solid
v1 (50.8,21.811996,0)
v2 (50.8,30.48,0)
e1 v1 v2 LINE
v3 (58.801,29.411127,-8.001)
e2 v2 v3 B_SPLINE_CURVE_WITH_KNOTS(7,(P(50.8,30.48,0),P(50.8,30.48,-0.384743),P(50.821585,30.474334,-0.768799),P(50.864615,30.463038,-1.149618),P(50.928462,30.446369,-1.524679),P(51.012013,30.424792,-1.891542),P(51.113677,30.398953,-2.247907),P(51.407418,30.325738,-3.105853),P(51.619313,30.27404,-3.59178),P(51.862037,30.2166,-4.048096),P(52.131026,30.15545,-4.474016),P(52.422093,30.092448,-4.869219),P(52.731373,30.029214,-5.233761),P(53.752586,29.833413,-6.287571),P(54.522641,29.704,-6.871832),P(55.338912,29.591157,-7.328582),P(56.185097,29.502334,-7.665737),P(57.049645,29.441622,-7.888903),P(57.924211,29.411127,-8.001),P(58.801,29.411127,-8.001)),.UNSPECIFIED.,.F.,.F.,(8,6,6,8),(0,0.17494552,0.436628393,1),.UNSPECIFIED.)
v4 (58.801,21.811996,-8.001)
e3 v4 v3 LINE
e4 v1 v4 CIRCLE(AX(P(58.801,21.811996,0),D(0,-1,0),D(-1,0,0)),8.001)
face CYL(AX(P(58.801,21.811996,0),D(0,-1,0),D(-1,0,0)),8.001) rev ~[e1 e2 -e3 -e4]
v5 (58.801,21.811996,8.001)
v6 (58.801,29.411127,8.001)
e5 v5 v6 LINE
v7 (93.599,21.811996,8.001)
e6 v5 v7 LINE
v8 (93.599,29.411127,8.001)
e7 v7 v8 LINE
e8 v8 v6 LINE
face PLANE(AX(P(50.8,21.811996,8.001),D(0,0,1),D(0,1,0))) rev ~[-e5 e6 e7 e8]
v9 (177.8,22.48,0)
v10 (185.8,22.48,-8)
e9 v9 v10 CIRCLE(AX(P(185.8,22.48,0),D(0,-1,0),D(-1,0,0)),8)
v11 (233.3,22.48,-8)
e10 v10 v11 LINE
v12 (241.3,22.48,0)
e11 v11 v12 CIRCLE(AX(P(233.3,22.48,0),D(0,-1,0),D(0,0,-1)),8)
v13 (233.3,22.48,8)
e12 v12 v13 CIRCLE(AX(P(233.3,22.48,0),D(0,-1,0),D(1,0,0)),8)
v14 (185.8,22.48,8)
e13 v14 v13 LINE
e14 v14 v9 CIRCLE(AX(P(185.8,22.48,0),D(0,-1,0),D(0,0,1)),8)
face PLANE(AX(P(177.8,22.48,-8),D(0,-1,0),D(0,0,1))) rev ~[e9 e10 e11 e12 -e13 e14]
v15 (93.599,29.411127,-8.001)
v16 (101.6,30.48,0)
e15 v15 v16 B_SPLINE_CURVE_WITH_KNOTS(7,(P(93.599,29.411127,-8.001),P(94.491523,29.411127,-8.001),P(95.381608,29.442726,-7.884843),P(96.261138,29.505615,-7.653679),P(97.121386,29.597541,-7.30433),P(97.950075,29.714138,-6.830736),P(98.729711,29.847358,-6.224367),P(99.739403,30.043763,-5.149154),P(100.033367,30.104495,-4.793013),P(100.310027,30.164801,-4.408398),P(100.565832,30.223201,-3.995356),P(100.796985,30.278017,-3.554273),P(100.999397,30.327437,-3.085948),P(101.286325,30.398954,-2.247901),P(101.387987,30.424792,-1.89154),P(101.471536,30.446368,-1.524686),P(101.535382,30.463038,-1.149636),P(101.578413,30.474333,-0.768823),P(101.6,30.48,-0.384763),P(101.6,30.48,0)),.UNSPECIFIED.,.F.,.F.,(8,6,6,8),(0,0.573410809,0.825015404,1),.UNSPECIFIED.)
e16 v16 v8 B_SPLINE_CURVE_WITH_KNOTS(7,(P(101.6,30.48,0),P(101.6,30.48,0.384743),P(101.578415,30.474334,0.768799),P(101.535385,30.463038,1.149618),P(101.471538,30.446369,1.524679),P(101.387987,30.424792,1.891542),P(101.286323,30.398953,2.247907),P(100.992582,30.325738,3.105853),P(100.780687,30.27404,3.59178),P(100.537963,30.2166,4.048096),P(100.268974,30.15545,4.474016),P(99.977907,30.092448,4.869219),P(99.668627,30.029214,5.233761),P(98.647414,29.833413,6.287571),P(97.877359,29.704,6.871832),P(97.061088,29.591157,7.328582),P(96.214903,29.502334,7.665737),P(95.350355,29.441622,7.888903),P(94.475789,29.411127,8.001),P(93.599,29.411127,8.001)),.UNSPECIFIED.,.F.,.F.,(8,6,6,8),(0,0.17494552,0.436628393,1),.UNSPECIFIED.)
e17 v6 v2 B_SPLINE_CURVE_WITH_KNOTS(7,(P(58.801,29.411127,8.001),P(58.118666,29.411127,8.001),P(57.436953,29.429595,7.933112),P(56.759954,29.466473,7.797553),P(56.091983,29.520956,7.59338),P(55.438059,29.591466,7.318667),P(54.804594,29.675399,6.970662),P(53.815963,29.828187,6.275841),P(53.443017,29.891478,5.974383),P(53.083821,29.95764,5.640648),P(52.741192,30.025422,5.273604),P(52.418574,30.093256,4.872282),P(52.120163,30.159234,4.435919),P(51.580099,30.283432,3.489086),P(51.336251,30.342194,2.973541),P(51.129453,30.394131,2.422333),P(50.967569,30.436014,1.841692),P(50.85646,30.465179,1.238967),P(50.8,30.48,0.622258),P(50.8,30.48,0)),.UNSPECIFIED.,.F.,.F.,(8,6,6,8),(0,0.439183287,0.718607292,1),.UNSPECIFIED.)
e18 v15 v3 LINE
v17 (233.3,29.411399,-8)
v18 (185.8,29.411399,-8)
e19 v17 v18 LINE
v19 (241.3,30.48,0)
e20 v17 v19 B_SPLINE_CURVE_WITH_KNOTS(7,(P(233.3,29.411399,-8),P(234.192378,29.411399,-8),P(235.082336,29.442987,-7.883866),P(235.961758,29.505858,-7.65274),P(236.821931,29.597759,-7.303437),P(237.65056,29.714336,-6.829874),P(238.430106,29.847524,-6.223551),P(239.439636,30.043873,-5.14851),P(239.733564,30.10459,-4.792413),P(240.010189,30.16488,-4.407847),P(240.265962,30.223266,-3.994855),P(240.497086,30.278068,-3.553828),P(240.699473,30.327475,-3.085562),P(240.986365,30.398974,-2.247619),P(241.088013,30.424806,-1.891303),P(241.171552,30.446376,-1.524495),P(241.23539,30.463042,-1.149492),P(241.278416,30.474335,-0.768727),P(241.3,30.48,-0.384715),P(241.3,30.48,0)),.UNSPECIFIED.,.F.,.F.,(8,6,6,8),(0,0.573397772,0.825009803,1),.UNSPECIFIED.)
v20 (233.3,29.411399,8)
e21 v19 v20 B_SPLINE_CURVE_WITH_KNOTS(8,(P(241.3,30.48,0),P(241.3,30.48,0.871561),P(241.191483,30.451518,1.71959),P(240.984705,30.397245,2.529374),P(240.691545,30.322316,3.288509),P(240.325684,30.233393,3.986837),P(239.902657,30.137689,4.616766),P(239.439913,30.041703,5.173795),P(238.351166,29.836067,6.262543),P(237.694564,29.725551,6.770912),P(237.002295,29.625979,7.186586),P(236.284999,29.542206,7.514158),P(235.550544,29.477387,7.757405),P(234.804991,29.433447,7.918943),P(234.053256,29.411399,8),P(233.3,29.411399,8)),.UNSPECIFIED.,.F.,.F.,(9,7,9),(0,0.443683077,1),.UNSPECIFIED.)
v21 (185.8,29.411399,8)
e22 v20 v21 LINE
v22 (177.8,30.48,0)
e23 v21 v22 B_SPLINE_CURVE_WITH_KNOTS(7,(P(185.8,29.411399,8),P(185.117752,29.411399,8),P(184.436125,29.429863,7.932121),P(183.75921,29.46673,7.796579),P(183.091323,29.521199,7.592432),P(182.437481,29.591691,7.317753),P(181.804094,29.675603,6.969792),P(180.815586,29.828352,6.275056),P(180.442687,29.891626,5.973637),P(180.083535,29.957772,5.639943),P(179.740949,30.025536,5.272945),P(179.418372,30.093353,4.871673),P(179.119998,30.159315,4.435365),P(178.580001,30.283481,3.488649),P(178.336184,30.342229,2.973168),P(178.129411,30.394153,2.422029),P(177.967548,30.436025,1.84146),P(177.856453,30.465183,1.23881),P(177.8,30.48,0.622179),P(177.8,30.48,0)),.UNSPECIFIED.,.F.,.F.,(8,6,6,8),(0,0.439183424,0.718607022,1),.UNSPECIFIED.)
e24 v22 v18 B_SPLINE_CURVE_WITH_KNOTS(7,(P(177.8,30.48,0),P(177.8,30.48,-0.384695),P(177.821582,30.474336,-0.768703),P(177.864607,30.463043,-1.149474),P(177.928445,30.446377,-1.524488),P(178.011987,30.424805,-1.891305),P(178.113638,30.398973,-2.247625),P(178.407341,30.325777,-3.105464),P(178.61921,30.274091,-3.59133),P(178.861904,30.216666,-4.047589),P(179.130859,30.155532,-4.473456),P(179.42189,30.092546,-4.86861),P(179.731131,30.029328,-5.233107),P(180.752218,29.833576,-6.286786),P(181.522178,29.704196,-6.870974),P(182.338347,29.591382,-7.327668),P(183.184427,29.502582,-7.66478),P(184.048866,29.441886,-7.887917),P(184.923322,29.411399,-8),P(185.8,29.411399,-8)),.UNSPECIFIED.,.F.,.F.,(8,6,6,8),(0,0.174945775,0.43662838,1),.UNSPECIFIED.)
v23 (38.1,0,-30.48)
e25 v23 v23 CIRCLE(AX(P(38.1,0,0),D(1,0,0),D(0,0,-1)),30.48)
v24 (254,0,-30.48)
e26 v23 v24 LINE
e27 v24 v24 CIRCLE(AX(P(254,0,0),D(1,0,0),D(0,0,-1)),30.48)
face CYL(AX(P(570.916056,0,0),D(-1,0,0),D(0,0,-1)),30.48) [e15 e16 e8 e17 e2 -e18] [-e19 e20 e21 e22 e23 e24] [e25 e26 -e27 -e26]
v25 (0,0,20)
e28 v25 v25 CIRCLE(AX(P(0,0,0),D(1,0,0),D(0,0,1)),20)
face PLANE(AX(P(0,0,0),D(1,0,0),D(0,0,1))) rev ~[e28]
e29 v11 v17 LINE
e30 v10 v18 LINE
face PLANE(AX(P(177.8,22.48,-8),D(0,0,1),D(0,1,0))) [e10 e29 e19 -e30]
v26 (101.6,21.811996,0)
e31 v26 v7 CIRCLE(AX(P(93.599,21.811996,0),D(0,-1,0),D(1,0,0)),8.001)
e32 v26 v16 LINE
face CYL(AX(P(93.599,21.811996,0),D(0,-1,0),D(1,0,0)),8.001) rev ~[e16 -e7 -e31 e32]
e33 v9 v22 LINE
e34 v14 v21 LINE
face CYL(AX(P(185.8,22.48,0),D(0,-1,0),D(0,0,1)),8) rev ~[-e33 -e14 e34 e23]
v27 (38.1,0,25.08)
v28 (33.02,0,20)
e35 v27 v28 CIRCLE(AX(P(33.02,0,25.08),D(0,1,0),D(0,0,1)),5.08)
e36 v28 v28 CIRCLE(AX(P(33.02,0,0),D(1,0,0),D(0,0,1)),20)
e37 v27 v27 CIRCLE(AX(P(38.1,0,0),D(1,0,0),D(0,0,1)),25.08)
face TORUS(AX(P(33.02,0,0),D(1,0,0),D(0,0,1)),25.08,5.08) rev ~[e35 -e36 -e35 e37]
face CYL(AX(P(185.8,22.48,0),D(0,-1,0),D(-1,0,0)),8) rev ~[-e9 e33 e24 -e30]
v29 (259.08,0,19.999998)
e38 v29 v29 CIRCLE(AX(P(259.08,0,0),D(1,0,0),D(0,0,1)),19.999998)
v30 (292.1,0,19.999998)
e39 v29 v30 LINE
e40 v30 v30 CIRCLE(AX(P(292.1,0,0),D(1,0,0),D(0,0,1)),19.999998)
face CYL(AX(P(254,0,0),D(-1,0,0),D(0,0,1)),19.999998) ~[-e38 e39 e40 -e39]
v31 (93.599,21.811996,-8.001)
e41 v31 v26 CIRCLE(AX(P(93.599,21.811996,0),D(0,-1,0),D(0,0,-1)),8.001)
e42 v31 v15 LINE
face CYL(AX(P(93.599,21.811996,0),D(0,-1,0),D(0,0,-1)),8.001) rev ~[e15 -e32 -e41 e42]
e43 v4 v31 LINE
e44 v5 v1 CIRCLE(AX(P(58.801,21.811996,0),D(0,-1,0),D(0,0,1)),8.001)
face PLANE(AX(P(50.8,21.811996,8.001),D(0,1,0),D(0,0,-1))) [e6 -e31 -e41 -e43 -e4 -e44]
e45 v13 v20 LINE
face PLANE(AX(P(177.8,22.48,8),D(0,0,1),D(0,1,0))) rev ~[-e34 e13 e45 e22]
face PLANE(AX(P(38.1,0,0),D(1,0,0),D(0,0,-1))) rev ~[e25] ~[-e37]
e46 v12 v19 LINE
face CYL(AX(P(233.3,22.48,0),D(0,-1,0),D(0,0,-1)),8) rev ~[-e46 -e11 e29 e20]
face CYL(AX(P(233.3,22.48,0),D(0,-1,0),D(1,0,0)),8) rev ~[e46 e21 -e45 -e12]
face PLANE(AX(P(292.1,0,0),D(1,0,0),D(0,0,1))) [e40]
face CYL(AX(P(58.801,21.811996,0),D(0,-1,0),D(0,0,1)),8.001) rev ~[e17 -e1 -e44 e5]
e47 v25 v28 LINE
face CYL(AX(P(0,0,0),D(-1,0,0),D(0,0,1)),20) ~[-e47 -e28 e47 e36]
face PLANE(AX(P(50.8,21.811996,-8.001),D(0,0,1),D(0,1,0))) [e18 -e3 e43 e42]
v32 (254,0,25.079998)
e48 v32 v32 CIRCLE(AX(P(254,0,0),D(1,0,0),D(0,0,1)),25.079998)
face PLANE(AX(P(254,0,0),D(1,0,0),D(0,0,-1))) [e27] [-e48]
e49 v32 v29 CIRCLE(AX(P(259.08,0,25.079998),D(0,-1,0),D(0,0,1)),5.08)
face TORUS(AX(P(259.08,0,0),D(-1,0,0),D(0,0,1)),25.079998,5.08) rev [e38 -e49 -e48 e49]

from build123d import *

# Parameters (mm, degrees)
SKETCH1_R                = 20
BOSS_EXTRUDE1_DEPTH      = 38.1
SKETCH2_R                = 30.48
BOSS_EXTRUDE2_DEPTH      = 215.9
SKETCH3_R                = 19.9999981
BOSS_EXTRUDE3_DEPTH      = 38.1
FILLET1_R                = 5.08
SKETCH6_W                = 16.002
SKETCH6_H                = 16.002
CUT_EXTRUDE1_DEPTH       = 50.8
SKETCH7_W                = 16
SKETCH7_H                = 16
CUT_EXTRUDE2_DEPTH       = 63.5
BOSS_EXTRUDE4_REACH      = 300.305
BOSS_EXTRUDE4_END_RADIUS = 30.48
BOSS_EXTRUDE5_REACH      = 300.423
BOSS_EXTRUDE5_END_RADIUS = 30.48


with BuildPart() as part:
    # Sketch1 → Boss-Extrude1 (new body)
    with BuildSketch(Plane(origin=(0, 0, 0), x_dir=(0, 0, -1), z_dir=(1, 0, 0))):
        with Locations(Location((0, 0, 0), (0, 0, 180))):
            Circle(SKETCH1_R)
    extrude(amount=BOSS_EXTRUDE1_DEPTH)

    # Sketch2 → Boss-Extrude2 (add)
    with BuildSketch(Plane(origin=(38.1, 0, 0), x_dir=(0, 0, -1), z_dir=(1, 0, 0))):
        Circle(SKETCH2_R)
    extrude(amount=BOSS_EXTRUDE2_DEPTH)

    # Sketch3 → Boss-Extrude3 (add)
    with BuildSketch(Plane(origin=(254, 0, 0), x_dir=(0, 0, -1), z_dir=(1, 0, 0))):
        with Locations(Location((0, 0, 0), (0, 0, 180))):
            Circle(SKETCH3_R)
    extrude(amount=BOSS_EXTRUDE3_DEPTH)

    # Fillet1
    fillet1_edges = [part.edges().sort_by_distance(p)[0] for p in [
        (38.1, 0, -20),
        (254, 0, -19.9999981),
    ]]
    fillet(fillet1_edges, radius=FILLET1_R)

    # Sketch6 → Cut-Extrude1 (cut)
    with BuildSketch(Plane(origin=(50.8, 0, 0), x_dir=(0, 0, -1), z_dir=(1, 0, 0))):
        with Locations((0, 29.812996)):
            Rectangle(SKETCH6_W, SKETCH6_H)
    extrude(amount=CUT_EXTRUDE1_DEPTH, mode=Mode.SUBTRACT)

    # Sketch7 → Cut-Extrude2 (cut)
    with BuildSketch(Plane.ZY.offset(-177.8)):
        with Locations((0, 30.48)):
            Rectangle(SKETCH7_W, SKETCH7_H)
    extrude(amount=-CUT_EXTRUDE2_DEPTH, mode=Mode.SUBTRACT)

    # Boss-Extrude4: up to this cylinder (the profile starts inside it)
    boss_extrude4_end = Plane(origin=(76.2, 0, 0), z_dir=(-1, 0, 0)) * Cylinder(BOSS_EXTRUDE4_END_RADIUS, 709.795666, mode=Mode.PRIVATE)
    # Sketch8 → Boss-Extrude4 (add, up to the surface)
    with BuildSketch(Plane(origin=(0, 21.811996, 0), x_dir=(1, 0, 0), z_dir=(0, 1, 0)), mode=Mode.PRIVATE) as boss_extrude4_sk1:
        with BuildLine():
            Line((58.801, 8.001), (50.8, 8.001))
            Line((50.8, 8.001), (50.8, 0))
            ThreePointArc((50.8, 0), (53.143438644, 5.657561356), (58.801, 8.001))
        make_face()
    boss_extrude4_tool1 = extrude(boss_extrude4_sk1.sketch, amount=BOSS_EXTRUDE4_REACH, mode=Mode.PRIVATE) & boss_extrude4_end
    add(boss_extrude4_tool1.solids().sort_by_distance((52.587167, 21.811996, -6.213833))[0])
    # Sketch8 → Boss-Extrude4 (add, up to the surface)
    with BuildSketch(Plane(origin=(0, 21.811996, 0), x_dir=(1, 0, 0), z_dir=(0, 1, 0)), mode=Mode.PRIVATE) as boss_extrude4_sk2:
        with BuildLine():
            ThreePointArc((58.801, -8.001), (53.143438644, -5.657561356), (50.8, 0))
            Line((50.8, 0), (50.8, -8.001))
            Line((50.8, -8.001), (58.801, -8.001))
        make_face()
    boss_extrude4_tool2 = extrude(boss_extrude4_sk2.sketch, amount=BOSS_EXTRUDE4_REACH, mode=Mode.PRIVATE) & boss_extrude4_end
    add(boss_extrude4_tool2.solids().sort_by_distance((52.587167, 21.811996, 6.213833))[0])
    # Sketch8 → Boss-Extrude4 (add, up to the surface)
    with BuildSketch(Plane(origin=(0, 21.811996, 0), x_dir=(1, 0, 0), z_dir=(0, 1, 0)), mode=Mode.PRIVATE) as boss_extrude4_sk3:
        with BuildLine():
            ThreePointArc((101.6, 0), (99.256561356, -5.657561356), (93.599, -8.001))
            Line((93.599, -8.001), (101.6, -8.001))
            Line((101.6, -8.001), (101.6, 0))
        make_face()
    boss_extrude4_tool3 = extrude(boss_extrude4_sk3.sketch, amount=BOSS_EXTRUDE4_REACH, mode=Mode.PRIVATE) & boss_extrude4_end
    add(boss_extrude4_tool3.solids().sort_by_distance((99.812833, 21.811996, 6.213833))[0])
    # Sketch8 → Boss-Extrude4 (add, up to the surface)
    with BuildSketch(Plane(origin=(0, 21.811996, 0), x_dir=(1, 0, 0), z_dir=(0, 1, 0)), mode=Mode.PRIVATE) as boss_extrude4_sk4:
        with BuildLine():
            Line((101.6, 8.001), (93.599, 8.001))
            ThreePointArc((93.599, 8.001), (99.256561356, 5.657561356), (101.6, 0))
            Line((101.6, 0), (101.6, 8.001))
        make_face()
    boss_extrude4_tool4 = extrude(boss_extrude4_sk4.sketch, amount=BOSS_EXTRUDE4_REACH, mode=Mode.PRIVATE) & boss_extrude4_end
    add(boss_extrude4_tool4.solids().sort_by_distance((99.812833, 21.811996, -6.213833))[0])

    # Boss-Extrude5: up to this cylinder (the profile starts inside it)
    boss_extrude5_end = Plane(origin=(209.55, 0, 0), z_dir=(-1, 0, 0)) * Cylinder(BOSS_EXTRUDE5_END_RADIUS, 722.732112, mode=Mode.PRIVATE)
    # Sketch10 → Boss-Extrude5 (add, up to the surface)
    with BuildSketch(Plane(origin=(0, 22.48, 0), x_dir=(1, 0, 0), z_dir=(0, 1, 0)), mode=Mode.PRIVATE) as boss_extrude5_sk1:
        with BuildLine():
            ThreePointArc((177.8, 0), (180.143145751, 5.656854249), (185.8, 8))
            Line((185.8, 8), (177.8, 8))
            Line((177.8, 8), (177.8, 0))
        make_face()
    boss_extrude5_tool1 = extrude(boss_extrude5_sk1.sketch, amount=BOSS_EXTRUDE5_REACH, mode=Mode.PRIVATE) & boss_extrude5_end
    add(boss_extrude5_tool1.solids().sort_by_distance((179.586944, 22.48, -6.213056))[0])
    # Sketch10 → Boss-Extrude5 (add, up to the surface)
    with BuildSketch(Plane(origin=(0, 22.48, 0), x_dir=(1, 0, 0), z_dir=(0, 1, 0)), mode=Mode.PRIVATE) as boss_extrude5_sk2:
        with BuildLine():
            ThreePointArc((185.8, -8), (180.143145751, -5.656854249), (177.8, 0))
            Line((177.8, 0), (177.8, -8))
            Line((177.8, -8), (185.8, -8))
        make_face()
    boss_extrude5_tool2 = extrude(boss_extrude5_sk2.sketch, amount=BOSS_EXTRUDE5_REACH, mode=Mode.PRIVATE) & boss_extrude5_end
    add(boss_extrude5_tool2.solids().sort_by_distance((179.586944, 22.48, 6.213056))[0])
    # Sketch10 → Boss-Extrude5 (add, up to the surface)
    with BuildSketch(Plane(origin=(0, 22.48, 0), x_dir=(1, 0, 0), z_dir=(0, 1, 0)), mode=Mode.PRIVATE) as boss_extrude5_sk3:
        with BuildLine():
            Line((241.3, -8), (241.3, 0))
            ThreePointArc((241.3, 0), (238.956854249, -5.656854249), (233.3, -8))
            Line((233.3, -8), (241.3, -8))
        make_face()
    boss_extrude5_tool3 = extrude(boss_extrude5_sk3.sketch, amount=BOSS_EXTRUDE5_REACH, mode=Mode.PRIVATE) & boss_extrude5_end
    add(boss_extrude5_tool3.solids().sort_by_distance((239.513056, 22.48, 6.213056))[0])
    # Sketch10 → Boss-Extrude5 (add, up to the surface)
    with BuildSketch(Plane(origin=(0, 22.48, 0), x_dir=(1, 0, 0), z_dir=(0, 1, 0)), mode=Mode.PRIVATE) as boss_extrude5_sk4:
        with BuildLine():
            Line((241.3, 8), (233.3, 8))
            ThreePointArc((233.3, 8), (238.956854249, 5.656854249), (241.3, 0))
            Line((241.3, 0), (241.3, 8))
        make_face()
    boss_extrude5_tool4 = extrude(boss_extrude5_sk4.sketch, amount=BOSS_EXTRUDE5_REACH, mode=Mode.PRIVATE) & boss_extrude5_end
    add(boss_extrude5_tool4.solids().sort_by_distance((239.513056, 22.48, -6.213056))[0])


solid = part.part
